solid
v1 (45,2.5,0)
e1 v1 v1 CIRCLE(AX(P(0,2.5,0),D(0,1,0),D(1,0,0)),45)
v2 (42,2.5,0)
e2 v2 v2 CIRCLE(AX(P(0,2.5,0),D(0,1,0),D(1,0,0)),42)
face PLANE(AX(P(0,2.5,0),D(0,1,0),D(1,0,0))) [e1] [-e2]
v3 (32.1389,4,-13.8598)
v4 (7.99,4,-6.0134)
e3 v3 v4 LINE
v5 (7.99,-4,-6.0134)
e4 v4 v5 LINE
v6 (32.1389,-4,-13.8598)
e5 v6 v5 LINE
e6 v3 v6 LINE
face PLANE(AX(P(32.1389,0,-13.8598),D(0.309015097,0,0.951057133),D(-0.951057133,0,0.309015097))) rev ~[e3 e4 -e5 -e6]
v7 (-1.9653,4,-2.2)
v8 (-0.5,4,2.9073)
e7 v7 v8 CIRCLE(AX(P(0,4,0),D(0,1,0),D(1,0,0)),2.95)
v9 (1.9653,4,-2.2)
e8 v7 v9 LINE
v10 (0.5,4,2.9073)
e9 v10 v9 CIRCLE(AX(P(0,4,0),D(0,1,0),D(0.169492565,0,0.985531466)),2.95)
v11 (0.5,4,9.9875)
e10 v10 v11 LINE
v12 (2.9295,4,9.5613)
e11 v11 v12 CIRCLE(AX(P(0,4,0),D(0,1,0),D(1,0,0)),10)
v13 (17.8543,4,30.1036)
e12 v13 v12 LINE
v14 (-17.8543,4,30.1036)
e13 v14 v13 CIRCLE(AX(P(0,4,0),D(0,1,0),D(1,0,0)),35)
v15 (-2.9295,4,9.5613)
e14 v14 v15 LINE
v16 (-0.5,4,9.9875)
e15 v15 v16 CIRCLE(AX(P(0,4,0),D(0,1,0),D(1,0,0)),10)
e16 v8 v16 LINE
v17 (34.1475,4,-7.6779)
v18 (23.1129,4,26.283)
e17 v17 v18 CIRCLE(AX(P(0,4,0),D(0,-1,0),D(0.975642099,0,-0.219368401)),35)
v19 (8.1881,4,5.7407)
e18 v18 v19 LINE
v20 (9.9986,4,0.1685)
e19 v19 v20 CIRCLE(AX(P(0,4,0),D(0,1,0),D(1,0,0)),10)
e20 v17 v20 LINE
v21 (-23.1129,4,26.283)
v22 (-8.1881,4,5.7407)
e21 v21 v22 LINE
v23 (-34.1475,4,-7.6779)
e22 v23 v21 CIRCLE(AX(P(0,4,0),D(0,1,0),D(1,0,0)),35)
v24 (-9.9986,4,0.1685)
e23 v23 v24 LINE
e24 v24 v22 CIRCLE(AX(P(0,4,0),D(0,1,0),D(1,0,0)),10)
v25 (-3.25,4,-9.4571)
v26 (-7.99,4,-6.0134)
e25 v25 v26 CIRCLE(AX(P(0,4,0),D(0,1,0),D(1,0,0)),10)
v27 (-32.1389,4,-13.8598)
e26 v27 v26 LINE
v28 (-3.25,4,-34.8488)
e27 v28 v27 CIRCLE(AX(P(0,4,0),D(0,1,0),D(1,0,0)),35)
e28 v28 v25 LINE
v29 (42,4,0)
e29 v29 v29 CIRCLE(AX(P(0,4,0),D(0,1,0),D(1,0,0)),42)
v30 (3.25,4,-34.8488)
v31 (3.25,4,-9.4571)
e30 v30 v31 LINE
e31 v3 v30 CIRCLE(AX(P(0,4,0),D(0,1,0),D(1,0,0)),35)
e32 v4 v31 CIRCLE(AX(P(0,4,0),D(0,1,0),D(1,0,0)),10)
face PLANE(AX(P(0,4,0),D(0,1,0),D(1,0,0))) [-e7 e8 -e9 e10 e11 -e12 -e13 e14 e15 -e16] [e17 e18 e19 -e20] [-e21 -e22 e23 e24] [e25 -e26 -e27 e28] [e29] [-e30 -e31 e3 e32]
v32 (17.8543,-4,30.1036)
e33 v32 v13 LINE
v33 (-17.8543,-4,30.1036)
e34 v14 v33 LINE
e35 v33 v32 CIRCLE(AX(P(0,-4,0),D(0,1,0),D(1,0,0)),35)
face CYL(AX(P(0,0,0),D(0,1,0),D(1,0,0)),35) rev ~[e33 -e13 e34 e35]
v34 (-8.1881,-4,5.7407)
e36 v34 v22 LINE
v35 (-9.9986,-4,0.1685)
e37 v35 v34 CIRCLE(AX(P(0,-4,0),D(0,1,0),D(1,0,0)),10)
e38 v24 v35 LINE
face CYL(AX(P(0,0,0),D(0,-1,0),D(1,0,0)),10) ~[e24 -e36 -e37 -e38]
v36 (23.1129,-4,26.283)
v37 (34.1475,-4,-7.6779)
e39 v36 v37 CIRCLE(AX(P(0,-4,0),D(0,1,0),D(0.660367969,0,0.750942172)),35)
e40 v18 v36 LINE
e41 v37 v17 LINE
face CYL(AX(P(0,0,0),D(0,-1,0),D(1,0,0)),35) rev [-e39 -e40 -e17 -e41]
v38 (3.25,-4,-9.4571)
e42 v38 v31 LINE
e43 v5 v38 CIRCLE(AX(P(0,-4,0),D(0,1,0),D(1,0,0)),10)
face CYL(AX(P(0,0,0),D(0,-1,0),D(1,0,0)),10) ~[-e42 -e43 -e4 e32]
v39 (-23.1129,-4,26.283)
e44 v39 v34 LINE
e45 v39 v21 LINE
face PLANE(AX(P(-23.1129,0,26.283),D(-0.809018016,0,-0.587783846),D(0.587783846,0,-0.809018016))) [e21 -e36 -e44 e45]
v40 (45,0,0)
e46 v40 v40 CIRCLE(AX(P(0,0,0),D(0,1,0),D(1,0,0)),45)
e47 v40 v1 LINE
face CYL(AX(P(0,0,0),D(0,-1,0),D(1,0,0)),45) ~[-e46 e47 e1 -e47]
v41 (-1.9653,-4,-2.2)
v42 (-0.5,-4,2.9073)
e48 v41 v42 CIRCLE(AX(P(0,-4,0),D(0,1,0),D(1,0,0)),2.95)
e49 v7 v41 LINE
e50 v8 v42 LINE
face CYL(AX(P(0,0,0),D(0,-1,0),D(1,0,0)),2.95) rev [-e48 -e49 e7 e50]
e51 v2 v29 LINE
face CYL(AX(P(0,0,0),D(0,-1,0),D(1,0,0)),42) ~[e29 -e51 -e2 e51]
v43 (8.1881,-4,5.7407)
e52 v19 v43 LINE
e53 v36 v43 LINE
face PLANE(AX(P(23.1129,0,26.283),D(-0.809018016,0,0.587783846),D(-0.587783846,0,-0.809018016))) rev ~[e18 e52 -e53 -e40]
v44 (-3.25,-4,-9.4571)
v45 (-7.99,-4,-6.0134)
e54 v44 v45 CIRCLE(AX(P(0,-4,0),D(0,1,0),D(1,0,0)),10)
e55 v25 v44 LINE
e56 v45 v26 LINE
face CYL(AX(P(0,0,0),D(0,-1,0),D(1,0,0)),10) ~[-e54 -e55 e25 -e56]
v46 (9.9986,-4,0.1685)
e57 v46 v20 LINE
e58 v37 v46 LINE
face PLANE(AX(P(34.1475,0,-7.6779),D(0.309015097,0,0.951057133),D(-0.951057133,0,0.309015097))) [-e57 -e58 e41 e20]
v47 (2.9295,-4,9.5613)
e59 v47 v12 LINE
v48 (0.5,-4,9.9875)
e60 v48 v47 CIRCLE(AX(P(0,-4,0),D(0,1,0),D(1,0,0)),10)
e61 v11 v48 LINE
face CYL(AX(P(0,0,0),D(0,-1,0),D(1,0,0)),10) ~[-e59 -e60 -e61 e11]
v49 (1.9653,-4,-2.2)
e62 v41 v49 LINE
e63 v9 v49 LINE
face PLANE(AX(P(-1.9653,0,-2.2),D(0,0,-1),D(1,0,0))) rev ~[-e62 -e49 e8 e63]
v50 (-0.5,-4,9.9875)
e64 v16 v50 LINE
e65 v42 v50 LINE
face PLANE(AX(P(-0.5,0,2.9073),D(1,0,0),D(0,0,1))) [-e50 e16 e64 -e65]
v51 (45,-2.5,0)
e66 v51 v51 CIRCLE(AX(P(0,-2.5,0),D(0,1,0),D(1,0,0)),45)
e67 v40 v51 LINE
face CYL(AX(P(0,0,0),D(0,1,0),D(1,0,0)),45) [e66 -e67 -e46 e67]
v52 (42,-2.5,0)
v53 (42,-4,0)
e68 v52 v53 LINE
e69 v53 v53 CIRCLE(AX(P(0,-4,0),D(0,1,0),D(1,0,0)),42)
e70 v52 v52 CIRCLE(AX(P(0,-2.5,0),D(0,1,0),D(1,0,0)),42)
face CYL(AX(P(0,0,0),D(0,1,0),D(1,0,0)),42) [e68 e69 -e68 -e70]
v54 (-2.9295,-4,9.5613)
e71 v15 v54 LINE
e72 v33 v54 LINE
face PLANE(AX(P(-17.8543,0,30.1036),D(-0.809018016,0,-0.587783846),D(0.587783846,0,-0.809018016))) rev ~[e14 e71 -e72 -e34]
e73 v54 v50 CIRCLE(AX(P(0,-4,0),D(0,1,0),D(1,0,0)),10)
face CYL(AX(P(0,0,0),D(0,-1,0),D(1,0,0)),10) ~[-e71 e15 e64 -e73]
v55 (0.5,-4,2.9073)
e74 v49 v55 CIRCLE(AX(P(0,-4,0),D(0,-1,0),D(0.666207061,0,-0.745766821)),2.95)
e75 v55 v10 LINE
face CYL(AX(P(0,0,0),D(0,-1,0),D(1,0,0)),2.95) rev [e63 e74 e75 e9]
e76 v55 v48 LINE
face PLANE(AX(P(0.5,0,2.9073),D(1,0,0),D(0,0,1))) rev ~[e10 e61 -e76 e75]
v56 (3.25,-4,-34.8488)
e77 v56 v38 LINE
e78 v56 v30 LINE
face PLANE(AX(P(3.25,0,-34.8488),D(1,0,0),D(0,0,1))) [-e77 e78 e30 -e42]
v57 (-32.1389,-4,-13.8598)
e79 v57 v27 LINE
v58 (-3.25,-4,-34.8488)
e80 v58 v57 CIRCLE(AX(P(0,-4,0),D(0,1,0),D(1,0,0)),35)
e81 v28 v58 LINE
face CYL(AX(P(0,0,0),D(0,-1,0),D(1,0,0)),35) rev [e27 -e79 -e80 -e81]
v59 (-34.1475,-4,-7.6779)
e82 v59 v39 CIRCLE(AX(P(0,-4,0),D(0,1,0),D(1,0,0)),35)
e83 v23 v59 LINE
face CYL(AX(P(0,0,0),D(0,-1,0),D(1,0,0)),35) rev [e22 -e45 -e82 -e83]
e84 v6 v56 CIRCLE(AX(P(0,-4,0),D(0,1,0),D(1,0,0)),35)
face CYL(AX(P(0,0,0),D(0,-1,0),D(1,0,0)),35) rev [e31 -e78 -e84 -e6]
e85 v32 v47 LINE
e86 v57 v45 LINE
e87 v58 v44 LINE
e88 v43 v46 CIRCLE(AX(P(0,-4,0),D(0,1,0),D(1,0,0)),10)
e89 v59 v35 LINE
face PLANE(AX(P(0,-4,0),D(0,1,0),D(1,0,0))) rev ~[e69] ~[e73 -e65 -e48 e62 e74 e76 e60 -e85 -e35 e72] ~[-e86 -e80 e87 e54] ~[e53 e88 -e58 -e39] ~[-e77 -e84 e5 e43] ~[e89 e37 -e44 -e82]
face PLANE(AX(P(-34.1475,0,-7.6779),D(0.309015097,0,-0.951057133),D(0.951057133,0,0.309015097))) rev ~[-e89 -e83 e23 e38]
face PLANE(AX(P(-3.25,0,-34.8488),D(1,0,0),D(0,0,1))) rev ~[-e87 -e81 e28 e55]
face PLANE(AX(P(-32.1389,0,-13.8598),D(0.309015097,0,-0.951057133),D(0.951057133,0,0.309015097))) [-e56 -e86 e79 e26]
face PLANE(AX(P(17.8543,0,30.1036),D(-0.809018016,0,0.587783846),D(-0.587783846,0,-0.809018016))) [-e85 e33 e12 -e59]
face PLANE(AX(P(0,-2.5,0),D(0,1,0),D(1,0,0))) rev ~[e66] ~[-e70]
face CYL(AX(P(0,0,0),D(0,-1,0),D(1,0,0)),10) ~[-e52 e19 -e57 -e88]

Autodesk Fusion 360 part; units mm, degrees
sketch "Sketch1" plane through (0, 0, 0) normal (0, 1, 0) x (1, 0, 0)
  circle A0 centre (0, 0) radius 45
  circle A1 centre (0, 0) radius 2.95
  line L0 (-1.9653, 2.2) -> (1.9653, 2.2)
  circle A2 centre (0, 0) radius 35
  circle A3 centre (0, 0) radius 10
  line L1 (-3.25, 34.8488) -> (-3.25, 9.4571)
  line L2 (3.25, 34.8488) -> (3.25, 9.4571)
  line L3 (-34.1475, 7.6779) -> (-9.9986, -0.1685)
  line L4 (-32.1389, 13.8598) -> (-7.99, 6.0134)
  line L5 (-17.8543, -30.1036) -> (-2.9295, -9.5613)
  line L6 (-23.1129, -26.283) -> (-8.1881, -5.7407)
  line L7 (23.1129, -26.283) -> (8.1881, -5.7407)
  line L8 (17.8543, -30.1036) -> (2.9295, -9.5613)
  line L9 (32.1389, 13.8598) -> (7.99, 6.0134)
  line L10 (34.1475, 7.6779) -> (9.9986, -0.1685)
  line L11 (-0.5, -2.9073) -> (-0.5, -9.9875)
  line L12 (0.5, -2.9073) -> (0.5, -9.9875)
  circle A4 centre (0, 0) radius 42
  dimension "d1" = 90
  dimension "d2" = 5.9
  dimension "d3" = 2.2
  dimension "d4" = 70
  dimension "d5" = 20
  dimension "d6" = 6.5
  dimension "d8" = 360
  dimension "d9" = 1
  dimension "d10" = 84
  dimension "d25" = 25.3916
  dimension "d26" = 20
extrude "Extrude1" add sketch "Sketch1" along normal mid plane 5 contours A0
extrude "Extrude2" add sketch "Sketch1" along normal mid plane 8 contours A4
extrude "Extrude6" add sketch "Sketch1" along normal mid plane 8 contours A1 A3 L11 L12 | A1 L0 | A2 A3 L7 L8 | A2 A3 L5 L6 | A2 A3 L9 L10 | A2 A3 L3 L4 | A2 A3 L1 L2 picked at (5.7516, 5.0158) picked at (-0.1692, 2.4959)
extrude "Extrude7" add sketch "Sketch1" along normal blind 4 contours A1 A3 L11 L12 | A1 L0 picked at (5.7516, 5.0158) picked at (-0.1692, 2.4959)
